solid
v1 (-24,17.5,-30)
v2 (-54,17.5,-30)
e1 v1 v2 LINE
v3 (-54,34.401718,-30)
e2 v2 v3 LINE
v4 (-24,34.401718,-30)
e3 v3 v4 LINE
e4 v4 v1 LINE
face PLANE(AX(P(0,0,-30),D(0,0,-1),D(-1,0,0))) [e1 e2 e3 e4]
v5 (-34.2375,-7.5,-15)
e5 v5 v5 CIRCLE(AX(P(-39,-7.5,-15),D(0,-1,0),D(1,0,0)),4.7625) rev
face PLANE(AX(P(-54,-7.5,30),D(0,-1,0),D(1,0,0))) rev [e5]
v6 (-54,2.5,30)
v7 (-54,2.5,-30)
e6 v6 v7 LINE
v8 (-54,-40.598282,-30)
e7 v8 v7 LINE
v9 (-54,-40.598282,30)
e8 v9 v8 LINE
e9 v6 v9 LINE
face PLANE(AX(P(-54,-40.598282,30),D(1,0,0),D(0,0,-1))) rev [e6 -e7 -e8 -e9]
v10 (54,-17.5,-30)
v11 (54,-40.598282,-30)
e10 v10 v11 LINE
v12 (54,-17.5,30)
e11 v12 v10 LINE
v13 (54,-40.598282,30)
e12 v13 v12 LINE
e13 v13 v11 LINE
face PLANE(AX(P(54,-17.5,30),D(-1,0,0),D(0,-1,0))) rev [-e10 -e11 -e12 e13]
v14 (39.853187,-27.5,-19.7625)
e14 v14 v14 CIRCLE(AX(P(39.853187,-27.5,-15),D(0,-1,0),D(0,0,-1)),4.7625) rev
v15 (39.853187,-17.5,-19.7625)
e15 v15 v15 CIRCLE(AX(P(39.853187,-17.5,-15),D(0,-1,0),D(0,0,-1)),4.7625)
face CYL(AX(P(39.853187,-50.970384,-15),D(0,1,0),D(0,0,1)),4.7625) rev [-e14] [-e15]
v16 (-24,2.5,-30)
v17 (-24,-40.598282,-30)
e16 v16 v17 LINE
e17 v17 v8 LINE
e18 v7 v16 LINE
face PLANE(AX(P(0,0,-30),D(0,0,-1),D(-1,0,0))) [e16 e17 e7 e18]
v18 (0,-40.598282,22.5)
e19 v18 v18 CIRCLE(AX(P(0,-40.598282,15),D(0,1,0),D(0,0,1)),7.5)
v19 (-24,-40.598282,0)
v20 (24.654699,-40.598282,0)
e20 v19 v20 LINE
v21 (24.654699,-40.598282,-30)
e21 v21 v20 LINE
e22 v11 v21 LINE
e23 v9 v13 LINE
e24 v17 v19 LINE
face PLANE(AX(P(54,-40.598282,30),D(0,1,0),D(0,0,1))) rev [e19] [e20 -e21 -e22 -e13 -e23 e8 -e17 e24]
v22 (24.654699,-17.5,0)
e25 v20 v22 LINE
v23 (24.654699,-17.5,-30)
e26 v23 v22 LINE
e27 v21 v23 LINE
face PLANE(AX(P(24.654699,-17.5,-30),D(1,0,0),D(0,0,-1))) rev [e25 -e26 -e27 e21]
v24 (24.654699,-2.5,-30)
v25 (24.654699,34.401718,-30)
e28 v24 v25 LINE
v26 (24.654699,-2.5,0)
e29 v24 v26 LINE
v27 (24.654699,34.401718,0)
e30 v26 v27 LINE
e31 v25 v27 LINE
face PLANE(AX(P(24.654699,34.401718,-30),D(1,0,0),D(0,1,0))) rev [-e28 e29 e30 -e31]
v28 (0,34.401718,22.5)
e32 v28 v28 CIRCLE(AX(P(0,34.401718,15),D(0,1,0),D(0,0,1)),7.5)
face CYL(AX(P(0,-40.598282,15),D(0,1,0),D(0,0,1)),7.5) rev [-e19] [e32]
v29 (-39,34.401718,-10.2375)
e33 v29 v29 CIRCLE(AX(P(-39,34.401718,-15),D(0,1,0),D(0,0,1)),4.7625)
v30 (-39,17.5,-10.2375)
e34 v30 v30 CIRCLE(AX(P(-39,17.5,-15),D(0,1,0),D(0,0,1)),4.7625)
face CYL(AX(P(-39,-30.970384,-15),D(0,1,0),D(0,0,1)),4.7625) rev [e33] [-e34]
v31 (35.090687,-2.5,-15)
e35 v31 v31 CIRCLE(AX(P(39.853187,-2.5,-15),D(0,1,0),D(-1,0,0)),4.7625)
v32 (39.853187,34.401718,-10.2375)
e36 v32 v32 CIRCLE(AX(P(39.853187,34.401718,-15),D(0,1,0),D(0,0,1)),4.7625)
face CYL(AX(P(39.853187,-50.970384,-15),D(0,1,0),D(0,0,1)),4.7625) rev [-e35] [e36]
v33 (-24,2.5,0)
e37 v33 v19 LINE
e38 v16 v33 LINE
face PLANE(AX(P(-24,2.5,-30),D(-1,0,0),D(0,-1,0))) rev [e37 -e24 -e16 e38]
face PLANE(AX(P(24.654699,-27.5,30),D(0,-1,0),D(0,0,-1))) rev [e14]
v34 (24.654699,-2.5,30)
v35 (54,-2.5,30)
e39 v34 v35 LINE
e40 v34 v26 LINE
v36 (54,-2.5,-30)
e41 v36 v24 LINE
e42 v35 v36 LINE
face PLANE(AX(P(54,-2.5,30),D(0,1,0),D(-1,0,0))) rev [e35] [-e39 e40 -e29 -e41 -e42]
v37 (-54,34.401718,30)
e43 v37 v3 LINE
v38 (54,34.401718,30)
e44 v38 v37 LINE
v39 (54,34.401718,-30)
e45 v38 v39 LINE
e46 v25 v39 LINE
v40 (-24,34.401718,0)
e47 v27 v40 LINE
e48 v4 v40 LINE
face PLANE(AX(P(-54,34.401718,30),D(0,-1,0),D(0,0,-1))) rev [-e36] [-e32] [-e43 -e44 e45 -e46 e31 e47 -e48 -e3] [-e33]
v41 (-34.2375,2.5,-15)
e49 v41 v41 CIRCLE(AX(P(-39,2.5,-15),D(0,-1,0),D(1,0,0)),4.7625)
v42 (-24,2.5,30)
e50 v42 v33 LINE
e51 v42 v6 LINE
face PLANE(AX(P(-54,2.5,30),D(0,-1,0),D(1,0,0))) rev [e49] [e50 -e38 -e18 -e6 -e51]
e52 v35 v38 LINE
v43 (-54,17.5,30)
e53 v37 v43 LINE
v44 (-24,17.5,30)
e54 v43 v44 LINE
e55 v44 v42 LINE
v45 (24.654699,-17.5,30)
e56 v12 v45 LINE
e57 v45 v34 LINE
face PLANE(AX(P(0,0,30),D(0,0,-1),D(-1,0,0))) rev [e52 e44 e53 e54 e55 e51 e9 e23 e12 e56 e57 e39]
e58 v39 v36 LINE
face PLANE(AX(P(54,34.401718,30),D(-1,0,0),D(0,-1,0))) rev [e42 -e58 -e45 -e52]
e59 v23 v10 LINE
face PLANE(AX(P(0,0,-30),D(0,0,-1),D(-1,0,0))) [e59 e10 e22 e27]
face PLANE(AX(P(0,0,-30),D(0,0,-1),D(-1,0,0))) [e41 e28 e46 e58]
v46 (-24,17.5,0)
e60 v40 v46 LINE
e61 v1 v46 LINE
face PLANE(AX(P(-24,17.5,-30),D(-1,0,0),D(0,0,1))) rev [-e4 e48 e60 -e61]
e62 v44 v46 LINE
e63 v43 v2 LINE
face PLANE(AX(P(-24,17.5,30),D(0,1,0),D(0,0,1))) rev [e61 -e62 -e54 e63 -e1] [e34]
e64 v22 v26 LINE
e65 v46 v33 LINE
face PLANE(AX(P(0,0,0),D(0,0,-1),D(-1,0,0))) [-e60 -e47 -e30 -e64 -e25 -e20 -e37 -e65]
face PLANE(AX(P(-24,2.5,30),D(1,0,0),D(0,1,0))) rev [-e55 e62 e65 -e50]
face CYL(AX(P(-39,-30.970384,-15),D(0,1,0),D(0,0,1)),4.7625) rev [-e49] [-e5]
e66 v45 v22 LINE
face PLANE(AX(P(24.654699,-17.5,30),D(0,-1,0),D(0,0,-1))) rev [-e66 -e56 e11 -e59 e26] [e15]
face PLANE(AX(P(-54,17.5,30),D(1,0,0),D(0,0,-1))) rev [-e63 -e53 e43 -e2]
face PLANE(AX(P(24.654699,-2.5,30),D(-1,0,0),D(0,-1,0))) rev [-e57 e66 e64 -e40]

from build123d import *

# Parameters (mm, degrees)
BOSS_EXTRUDE1_DEPTH = 30
SKETCH3_R           = 7.5
CUT_EXTRUDE3_DEPTH  = 76
SKETCH4_W           = 29.345301095
SKETCH4_H           = 36.901717618
SKETCH4_H_2         = 23.098282382
SKETCH4_W_2         = 30
SKETCH4_H_3         = 43.098282382
SKETCH4_H_4         = 16.901717618
BOSS_EXTRUDE2_DEPTH = 30
SKETCH2_R           = 4.7625
CUT_EXTRUDE2_DEPTH  = 61.901718
SKETCH5_R           = 4.7625
CUT_EXTRUDE4_DEPTH  = 41.901718


with BuildPart() as part:
    # Sketch1 → Boss-Extrude1 (new body)
    with BuildSketch(Plane.XY):
        Polygon((-54, 34.401717618), (54, 34.401717618), (54, -2.5), (24.654698905, -2.5), (24.654698905, -17.5), (54, -17.5), (54, -40.598282382), (-54, -40.598282382), (-54, 2.5), (-24, 2.5), (-24, 17.5), (-54, 17.5), align=None)
    extrude(amount=BOSS_EXTRUDE1_DEPTH)

    # Sketch3 → Cut-Extrude3 (cut, through all)
    with BuildSketch(Plane(origin=(0, 34.401717618, 0), x_dir=(1, 0, 0), z_dir=(0, 1, 0))):
        with Locations((0, -15)):
            Circle(SKETCH3_R)
    extrude(amount=-CUT_EXTRUDE3_DEPTH, mode=Mode.SUBTRACT)

    # Sketch4 → Boss-Extrude2 (add)
    with BuildSketch(Plane(origin=(0, 0, 0), x_dir=(-1, 0, 0), z_dir=(0, 0, -1))):
        with Locations((-39.327349453, 15.950858809)):
            Rectangle(SKETCH4_W, SKETCH4_H)
        with Locations((-39.327349453, -29.049141191)):
            Rectangle(SKETCH4_W, SKETCH4_H_2)
        with Locations((39, -19.049141191)):
            Rectangle(SKETCH4_W_2, SKETCH4_H_3)
        with Locations((39, 25.950858809)):
            Rectangle(SKETCH4_W_2, SKETCH4_H_4)
    extrude(amount=BOSS_EXTRUDE2_DEPTH)

    # Sketch2 → Cut-Extrude2 (cut)
    with BuildSketch(Plane(origin=(0, 34.401717618, 0), x_dir=(1, 0, 0), z_dir=(0, 1, 0))):
        with Locations((39.853186988, 15)):
            Circle(SKETCH2_R)
    extrude(amount=-CUT_EXTRUDE2_DEPTH, mode=Mode.SUBTRACT)

    # Sketch5 → Cut-Extrude4 (cut)
    with BuildSketch(Plane(origin=(0, 34.401717618, 0), x_dir=(1, 0, 0), z_dir=(0, 1, 0))):
        with Locations((-39, 15)):
            Circle(SKETCH5_R)
    extrude(amount=-CUT_EXTRUDE4_DEPTH, mode=Mode.SUBTRACT)


solid = part.part
